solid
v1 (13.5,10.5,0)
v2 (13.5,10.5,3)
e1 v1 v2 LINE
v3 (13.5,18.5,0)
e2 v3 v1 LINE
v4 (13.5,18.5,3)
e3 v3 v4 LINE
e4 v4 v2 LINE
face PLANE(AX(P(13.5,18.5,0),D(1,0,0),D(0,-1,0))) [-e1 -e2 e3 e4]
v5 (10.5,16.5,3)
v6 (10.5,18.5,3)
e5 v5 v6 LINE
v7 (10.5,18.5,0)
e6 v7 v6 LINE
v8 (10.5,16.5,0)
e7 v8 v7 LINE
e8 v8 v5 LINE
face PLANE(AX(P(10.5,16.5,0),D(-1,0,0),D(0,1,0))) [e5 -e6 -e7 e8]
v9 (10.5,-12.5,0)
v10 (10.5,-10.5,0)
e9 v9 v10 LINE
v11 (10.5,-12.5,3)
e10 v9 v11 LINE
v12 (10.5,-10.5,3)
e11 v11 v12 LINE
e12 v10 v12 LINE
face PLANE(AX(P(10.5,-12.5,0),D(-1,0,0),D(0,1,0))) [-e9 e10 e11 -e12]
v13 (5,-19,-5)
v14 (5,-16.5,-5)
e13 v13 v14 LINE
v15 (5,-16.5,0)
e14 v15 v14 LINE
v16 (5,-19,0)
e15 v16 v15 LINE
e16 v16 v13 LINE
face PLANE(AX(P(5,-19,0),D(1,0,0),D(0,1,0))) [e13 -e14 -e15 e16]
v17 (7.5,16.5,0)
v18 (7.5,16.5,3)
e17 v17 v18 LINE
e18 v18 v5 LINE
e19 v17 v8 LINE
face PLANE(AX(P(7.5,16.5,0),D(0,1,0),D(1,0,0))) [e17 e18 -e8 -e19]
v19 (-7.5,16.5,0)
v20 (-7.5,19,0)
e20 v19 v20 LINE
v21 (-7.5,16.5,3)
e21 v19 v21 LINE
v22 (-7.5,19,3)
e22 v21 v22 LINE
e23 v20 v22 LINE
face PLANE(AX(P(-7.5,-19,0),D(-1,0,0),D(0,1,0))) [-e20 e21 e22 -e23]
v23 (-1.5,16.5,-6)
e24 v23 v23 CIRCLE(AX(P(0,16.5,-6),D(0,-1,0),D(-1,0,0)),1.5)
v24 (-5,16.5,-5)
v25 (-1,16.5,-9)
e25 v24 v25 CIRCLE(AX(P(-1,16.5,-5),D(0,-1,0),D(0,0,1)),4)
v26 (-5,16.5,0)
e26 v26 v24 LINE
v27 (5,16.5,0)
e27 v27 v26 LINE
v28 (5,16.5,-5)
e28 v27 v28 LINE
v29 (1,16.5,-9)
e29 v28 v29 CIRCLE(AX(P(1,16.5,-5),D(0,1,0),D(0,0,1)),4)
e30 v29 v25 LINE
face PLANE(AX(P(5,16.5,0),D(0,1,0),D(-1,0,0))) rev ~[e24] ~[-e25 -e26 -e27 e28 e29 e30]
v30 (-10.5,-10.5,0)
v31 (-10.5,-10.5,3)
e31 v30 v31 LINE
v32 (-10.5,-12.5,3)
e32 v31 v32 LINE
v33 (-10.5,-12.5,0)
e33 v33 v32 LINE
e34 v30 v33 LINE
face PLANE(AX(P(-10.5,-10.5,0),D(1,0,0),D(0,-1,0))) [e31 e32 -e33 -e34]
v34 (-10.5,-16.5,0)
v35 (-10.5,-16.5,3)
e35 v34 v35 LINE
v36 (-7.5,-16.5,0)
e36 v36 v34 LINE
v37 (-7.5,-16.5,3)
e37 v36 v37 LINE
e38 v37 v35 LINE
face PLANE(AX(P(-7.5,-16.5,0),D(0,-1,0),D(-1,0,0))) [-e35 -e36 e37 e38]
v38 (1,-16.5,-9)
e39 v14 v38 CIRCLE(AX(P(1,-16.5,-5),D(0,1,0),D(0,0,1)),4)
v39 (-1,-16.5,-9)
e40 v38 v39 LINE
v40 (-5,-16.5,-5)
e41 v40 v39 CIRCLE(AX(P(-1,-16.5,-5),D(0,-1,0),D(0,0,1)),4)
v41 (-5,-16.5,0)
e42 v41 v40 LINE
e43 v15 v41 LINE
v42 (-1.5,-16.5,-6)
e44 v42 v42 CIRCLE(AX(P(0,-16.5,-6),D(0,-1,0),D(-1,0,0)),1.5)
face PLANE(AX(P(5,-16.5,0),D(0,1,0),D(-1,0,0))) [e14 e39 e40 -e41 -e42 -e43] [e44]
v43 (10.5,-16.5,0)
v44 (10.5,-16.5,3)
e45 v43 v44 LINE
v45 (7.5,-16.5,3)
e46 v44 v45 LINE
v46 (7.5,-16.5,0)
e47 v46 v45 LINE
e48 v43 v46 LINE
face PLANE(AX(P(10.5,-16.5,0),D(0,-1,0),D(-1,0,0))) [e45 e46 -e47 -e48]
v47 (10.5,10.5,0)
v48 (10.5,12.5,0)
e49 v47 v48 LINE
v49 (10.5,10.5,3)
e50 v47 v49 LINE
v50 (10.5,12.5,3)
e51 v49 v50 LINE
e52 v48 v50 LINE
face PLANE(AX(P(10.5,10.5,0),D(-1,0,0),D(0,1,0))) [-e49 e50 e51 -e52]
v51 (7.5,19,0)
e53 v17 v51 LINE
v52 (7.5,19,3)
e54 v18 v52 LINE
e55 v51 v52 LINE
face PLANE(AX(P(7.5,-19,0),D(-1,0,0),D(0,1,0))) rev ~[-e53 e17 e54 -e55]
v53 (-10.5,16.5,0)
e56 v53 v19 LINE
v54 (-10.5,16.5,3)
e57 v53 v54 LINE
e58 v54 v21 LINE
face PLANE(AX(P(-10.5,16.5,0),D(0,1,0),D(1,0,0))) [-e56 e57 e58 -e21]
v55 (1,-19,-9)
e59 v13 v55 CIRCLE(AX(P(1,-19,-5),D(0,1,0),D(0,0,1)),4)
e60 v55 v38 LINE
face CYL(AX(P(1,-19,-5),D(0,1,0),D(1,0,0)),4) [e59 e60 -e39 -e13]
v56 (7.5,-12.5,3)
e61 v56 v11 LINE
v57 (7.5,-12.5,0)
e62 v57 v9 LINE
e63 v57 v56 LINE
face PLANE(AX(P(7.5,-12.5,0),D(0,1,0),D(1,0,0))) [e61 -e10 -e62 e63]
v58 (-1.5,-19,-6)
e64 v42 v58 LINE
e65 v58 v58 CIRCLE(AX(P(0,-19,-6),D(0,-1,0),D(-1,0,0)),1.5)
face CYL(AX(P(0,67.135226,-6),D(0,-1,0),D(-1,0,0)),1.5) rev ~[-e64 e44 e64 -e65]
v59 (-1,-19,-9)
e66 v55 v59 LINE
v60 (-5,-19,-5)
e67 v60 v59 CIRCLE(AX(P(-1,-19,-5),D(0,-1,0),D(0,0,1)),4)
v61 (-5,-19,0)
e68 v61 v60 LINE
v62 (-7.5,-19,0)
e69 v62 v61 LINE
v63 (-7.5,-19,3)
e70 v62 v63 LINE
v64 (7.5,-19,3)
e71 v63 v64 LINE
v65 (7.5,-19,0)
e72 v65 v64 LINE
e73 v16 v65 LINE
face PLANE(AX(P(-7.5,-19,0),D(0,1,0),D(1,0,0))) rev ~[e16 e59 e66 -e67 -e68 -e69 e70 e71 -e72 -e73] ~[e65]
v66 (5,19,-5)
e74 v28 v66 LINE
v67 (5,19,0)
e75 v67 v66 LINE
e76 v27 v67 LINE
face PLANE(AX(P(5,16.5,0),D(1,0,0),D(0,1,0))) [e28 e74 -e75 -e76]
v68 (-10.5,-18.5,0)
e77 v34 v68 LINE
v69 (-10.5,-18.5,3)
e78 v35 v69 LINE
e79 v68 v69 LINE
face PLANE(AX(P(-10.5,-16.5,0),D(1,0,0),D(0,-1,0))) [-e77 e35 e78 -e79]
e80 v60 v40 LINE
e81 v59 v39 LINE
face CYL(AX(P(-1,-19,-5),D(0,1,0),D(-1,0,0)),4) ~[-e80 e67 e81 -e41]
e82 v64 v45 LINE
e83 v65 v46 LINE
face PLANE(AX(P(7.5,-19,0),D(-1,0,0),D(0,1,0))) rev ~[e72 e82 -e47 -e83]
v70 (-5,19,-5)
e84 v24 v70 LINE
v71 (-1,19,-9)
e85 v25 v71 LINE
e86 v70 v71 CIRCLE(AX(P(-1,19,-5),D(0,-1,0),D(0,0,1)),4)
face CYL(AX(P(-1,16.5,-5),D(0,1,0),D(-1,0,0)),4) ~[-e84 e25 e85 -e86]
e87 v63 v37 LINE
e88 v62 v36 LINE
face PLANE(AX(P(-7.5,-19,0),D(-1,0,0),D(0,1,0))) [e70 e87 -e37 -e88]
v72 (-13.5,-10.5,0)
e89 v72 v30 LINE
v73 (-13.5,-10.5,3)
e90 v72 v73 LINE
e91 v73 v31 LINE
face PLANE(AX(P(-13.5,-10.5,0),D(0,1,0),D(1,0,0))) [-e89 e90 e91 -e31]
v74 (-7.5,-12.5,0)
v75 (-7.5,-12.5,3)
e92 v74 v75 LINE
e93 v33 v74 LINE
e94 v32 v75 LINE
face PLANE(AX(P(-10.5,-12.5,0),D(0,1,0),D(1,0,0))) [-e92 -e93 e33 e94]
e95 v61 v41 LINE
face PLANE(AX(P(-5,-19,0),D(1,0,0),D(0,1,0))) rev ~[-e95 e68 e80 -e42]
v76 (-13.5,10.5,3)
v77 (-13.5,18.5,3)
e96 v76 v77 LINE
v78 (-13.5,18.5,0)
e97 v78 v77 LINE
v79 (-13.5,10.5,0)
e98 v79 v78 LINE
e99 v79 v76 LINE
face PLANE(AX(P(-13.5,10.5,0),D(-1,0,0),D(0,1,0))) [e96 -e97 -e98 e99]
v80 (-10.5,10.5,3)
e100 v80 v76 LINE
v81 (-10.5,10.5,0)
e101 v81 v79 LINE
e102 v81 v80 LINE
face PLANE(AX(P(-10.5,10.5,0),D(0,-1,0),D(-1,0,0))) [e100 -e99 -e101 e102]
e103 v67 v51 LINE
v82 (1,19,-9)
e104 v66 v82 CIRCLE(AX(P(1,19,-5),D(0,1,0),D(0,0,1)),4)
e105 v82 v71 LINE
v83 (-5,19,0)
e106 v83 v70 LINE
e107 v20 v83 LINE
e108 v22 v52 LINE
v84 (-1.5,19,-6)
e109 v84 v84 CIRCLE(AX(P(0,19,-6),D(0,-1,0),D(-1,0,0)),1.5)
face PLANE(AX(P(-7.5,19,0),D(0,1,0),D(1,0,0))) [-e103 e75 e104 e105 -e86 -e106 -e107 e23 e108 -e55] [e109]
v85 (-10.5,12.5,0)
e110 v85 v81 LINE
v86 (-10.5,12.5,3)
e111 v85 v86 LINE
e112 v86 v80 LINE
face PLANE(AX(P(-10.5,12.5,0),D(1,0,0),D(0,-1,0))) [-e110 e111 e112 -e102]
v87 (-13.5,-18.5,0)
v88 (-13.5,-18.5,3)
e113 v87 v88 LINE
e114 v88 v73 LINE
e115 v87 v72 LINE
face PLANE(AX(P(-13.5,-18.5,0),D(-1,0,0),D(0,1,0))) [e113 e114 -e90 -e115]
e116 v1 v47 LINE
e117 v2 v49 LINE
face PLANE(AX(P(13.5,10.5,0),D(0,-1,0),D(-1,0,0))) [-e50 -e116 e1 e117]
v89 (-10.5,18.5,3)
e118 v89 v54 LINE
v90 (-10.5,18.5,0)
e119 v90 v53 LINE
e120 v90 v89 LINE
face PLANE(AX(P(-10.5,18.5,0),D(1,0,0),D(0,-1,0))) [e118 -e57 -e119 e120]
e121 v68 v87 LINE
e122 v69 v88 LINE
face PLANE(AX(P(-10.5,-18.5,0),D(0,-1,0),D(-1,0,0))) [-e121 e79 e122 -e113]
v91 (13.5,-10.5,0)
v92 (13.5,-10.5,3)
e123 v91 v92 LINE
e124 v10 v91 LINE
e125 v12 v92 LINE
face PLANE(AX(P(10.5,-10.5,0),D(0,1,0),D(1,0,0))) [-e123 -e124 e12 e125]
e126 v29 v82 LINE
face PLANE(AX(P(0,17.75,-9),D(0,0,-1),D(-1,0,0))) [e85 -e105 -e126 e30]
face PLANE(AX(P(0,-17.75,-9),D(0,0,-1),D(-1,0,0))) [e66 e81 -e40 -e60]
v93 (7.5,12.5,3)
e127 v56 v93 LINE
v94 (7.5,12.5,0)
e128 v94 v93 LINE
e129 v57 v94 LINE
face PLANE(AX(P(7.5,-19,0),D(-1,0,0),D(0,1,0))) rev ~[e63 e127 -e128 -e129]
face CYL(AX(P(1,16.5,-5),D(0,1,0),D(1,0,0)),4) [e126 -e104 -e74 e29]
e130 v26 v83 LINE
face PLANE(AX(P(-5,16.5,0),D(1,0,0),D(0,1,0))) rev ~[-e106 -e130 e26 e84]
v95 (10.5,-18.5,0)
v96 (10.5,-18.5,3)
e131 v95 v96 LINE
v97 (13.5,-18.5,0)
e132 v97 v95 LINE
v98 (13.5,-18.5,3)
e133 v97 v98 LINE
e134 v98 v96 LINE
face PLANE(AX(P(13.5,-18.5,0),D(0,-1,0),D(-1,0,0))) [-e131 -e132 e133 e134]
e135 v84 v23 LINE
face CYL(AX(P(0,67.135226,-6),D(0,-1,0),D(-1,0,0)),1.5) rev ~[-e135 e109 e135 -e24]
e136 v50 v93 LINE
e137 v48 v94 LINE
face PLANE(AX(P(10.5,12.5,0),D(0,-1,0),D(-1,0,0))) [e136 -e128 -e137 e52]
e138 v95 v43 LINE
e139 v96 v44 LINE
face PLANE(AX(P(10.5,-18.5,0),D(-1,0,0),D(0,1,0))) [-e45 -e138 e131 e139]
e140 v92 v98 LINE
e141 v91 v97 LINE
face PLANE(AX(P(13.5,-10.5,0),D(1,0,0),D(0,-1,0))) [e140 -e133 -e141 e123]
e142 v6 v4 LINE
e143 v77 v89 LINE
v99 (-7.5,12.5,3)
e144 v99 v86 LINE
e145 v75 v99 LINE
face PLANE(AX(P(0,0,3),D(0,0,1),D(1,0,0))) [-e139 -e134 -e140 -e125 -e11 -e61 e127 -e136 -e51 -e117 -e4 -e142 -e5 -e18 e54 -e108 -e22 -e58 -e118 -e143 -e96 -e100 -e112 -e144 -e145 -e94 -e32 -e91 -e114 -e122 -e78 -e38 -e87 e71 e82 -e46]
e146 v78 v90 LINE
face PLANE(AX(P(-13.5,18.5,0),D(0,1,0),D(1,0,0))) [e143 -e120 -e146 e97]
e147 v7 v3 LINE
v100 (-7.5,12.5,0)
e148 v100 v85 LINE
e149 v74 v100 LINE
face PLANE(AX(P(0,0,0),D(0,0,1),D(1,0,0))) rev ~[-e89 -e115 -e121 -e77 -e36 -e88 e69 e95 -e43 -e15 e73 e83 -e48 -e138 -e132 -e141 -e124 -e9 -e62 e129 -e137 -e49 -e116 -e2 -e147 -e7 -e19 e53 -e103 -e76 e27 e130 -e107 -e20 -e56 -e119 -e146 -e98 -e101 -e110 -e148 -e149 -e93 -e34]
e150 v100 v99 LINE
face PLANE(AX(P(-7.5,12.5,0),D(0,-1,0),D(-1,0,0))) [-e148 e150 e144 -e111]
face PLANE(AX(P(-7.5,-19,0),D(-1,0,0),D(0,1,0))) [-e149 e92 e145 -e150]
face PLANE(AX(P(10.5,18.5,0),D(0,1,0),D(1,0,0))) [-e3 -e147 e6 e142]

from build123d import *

# Parameters (mm, degrees)
SKETCH_1_W            = 15
SKETCH_1_H            = 38
EXTRUDE_1_DEPTH       = 3
EXTRUDE_4_DEPTH       = 3
SKETCH_6_W            = 10
SKETCH_6_H            = 2.5
EXTRUDE_5_DEPTH       = 9
HOLE_WIZARD_3_0_3_1_D = 3
FILLET_1_R            = 4


with BuildPart() as part:
    # 스케치1 → 보스-돌출1 (new body)
    with BuildSketch(Plane.XY):
        Rectangle(SKETCH_1_W, SKETCH_1_H)
    extrude(amount=EXTRUDE_1_DEPTH)

    # 스케치5 → 보스-돌출4 (add)
    with BuildSketch(Plane(origin=(0, 0, 0), x_dir=(-1, 0, 0), z_dir=(0, 0, -1))):
        Polygon((-7.5, 16.5), (-10.5, 16.5), (-10.5, 18.5), (-13.5, 18.5), (-13.5, 10.5), (-10.5, 10.5), (-10.5, 12.5), (-7.5, 12.5), align=None)
        Polygon((7.5, 16.5), (7.5, 12.5), (10.5, 12.5), (10.5, 10.5), (13.5, 10.5), (13.5, 18.5), (10.5, 18.5), (10.5, 16.5), align=None)
        Polygon((7.5, -16.5), (10.5, -16.5), (10.5, -18.5), (13.5, -18.5), (13.5, -10.5), (10.5, -10.5), (10.5, -12.5), (7.5, -12.5), align=None)
        Polygon((-7.5, -16.5), (-7.5, -12.5), (-10.5, -12.5), (-10.5, -10.5), (-13.5, -10.5), (-13.5, -18.5), (-10.5, -18.5), (-10.5, -16.5), align=None)
    extrude(amount=-EXTRUDE_4_DEPTH)

    # 스케치6 → 보스-돌출5 (add)
    with BuildSketch(Plane(origin=(0, 0, 0), x_dir=(-1, 0, 0), z_dir=(0, 0, -1))):
        with Locations((0, 17.75)):
            Rectangle(SKETCH_6_W, SKETCH_6_H)
        with Locations((0, -17.75)):
            Rectangle(SKETCH_6_W, SKETCH_6_H)
    extrude(amount=EXTRUDE_5_DEPTH)

    # Ø3.0 (3) 지름 구멍1 (through all)
    with Locations(Plane(origin=(0, 19, 0), x_dir=(1, 0, 0), z_dir=(0, 1, 0))):
        with Locations((0, 6)):
            Hole(HOLE_WIZARD_3_0_3_1_D / 2)

    # 필렛1
    fillet_1_edges = [part.edges().sort_by_distance(p)[0] for p in [
        (5, 17.75, -9),
        (-5, 17.75, -9),
        (-5, -17.75, -9),
        (5, -17.75, -9),
    ]]
    fillet(fillet_1_edges, radius=FILLET_1_R)


solid = part.part
